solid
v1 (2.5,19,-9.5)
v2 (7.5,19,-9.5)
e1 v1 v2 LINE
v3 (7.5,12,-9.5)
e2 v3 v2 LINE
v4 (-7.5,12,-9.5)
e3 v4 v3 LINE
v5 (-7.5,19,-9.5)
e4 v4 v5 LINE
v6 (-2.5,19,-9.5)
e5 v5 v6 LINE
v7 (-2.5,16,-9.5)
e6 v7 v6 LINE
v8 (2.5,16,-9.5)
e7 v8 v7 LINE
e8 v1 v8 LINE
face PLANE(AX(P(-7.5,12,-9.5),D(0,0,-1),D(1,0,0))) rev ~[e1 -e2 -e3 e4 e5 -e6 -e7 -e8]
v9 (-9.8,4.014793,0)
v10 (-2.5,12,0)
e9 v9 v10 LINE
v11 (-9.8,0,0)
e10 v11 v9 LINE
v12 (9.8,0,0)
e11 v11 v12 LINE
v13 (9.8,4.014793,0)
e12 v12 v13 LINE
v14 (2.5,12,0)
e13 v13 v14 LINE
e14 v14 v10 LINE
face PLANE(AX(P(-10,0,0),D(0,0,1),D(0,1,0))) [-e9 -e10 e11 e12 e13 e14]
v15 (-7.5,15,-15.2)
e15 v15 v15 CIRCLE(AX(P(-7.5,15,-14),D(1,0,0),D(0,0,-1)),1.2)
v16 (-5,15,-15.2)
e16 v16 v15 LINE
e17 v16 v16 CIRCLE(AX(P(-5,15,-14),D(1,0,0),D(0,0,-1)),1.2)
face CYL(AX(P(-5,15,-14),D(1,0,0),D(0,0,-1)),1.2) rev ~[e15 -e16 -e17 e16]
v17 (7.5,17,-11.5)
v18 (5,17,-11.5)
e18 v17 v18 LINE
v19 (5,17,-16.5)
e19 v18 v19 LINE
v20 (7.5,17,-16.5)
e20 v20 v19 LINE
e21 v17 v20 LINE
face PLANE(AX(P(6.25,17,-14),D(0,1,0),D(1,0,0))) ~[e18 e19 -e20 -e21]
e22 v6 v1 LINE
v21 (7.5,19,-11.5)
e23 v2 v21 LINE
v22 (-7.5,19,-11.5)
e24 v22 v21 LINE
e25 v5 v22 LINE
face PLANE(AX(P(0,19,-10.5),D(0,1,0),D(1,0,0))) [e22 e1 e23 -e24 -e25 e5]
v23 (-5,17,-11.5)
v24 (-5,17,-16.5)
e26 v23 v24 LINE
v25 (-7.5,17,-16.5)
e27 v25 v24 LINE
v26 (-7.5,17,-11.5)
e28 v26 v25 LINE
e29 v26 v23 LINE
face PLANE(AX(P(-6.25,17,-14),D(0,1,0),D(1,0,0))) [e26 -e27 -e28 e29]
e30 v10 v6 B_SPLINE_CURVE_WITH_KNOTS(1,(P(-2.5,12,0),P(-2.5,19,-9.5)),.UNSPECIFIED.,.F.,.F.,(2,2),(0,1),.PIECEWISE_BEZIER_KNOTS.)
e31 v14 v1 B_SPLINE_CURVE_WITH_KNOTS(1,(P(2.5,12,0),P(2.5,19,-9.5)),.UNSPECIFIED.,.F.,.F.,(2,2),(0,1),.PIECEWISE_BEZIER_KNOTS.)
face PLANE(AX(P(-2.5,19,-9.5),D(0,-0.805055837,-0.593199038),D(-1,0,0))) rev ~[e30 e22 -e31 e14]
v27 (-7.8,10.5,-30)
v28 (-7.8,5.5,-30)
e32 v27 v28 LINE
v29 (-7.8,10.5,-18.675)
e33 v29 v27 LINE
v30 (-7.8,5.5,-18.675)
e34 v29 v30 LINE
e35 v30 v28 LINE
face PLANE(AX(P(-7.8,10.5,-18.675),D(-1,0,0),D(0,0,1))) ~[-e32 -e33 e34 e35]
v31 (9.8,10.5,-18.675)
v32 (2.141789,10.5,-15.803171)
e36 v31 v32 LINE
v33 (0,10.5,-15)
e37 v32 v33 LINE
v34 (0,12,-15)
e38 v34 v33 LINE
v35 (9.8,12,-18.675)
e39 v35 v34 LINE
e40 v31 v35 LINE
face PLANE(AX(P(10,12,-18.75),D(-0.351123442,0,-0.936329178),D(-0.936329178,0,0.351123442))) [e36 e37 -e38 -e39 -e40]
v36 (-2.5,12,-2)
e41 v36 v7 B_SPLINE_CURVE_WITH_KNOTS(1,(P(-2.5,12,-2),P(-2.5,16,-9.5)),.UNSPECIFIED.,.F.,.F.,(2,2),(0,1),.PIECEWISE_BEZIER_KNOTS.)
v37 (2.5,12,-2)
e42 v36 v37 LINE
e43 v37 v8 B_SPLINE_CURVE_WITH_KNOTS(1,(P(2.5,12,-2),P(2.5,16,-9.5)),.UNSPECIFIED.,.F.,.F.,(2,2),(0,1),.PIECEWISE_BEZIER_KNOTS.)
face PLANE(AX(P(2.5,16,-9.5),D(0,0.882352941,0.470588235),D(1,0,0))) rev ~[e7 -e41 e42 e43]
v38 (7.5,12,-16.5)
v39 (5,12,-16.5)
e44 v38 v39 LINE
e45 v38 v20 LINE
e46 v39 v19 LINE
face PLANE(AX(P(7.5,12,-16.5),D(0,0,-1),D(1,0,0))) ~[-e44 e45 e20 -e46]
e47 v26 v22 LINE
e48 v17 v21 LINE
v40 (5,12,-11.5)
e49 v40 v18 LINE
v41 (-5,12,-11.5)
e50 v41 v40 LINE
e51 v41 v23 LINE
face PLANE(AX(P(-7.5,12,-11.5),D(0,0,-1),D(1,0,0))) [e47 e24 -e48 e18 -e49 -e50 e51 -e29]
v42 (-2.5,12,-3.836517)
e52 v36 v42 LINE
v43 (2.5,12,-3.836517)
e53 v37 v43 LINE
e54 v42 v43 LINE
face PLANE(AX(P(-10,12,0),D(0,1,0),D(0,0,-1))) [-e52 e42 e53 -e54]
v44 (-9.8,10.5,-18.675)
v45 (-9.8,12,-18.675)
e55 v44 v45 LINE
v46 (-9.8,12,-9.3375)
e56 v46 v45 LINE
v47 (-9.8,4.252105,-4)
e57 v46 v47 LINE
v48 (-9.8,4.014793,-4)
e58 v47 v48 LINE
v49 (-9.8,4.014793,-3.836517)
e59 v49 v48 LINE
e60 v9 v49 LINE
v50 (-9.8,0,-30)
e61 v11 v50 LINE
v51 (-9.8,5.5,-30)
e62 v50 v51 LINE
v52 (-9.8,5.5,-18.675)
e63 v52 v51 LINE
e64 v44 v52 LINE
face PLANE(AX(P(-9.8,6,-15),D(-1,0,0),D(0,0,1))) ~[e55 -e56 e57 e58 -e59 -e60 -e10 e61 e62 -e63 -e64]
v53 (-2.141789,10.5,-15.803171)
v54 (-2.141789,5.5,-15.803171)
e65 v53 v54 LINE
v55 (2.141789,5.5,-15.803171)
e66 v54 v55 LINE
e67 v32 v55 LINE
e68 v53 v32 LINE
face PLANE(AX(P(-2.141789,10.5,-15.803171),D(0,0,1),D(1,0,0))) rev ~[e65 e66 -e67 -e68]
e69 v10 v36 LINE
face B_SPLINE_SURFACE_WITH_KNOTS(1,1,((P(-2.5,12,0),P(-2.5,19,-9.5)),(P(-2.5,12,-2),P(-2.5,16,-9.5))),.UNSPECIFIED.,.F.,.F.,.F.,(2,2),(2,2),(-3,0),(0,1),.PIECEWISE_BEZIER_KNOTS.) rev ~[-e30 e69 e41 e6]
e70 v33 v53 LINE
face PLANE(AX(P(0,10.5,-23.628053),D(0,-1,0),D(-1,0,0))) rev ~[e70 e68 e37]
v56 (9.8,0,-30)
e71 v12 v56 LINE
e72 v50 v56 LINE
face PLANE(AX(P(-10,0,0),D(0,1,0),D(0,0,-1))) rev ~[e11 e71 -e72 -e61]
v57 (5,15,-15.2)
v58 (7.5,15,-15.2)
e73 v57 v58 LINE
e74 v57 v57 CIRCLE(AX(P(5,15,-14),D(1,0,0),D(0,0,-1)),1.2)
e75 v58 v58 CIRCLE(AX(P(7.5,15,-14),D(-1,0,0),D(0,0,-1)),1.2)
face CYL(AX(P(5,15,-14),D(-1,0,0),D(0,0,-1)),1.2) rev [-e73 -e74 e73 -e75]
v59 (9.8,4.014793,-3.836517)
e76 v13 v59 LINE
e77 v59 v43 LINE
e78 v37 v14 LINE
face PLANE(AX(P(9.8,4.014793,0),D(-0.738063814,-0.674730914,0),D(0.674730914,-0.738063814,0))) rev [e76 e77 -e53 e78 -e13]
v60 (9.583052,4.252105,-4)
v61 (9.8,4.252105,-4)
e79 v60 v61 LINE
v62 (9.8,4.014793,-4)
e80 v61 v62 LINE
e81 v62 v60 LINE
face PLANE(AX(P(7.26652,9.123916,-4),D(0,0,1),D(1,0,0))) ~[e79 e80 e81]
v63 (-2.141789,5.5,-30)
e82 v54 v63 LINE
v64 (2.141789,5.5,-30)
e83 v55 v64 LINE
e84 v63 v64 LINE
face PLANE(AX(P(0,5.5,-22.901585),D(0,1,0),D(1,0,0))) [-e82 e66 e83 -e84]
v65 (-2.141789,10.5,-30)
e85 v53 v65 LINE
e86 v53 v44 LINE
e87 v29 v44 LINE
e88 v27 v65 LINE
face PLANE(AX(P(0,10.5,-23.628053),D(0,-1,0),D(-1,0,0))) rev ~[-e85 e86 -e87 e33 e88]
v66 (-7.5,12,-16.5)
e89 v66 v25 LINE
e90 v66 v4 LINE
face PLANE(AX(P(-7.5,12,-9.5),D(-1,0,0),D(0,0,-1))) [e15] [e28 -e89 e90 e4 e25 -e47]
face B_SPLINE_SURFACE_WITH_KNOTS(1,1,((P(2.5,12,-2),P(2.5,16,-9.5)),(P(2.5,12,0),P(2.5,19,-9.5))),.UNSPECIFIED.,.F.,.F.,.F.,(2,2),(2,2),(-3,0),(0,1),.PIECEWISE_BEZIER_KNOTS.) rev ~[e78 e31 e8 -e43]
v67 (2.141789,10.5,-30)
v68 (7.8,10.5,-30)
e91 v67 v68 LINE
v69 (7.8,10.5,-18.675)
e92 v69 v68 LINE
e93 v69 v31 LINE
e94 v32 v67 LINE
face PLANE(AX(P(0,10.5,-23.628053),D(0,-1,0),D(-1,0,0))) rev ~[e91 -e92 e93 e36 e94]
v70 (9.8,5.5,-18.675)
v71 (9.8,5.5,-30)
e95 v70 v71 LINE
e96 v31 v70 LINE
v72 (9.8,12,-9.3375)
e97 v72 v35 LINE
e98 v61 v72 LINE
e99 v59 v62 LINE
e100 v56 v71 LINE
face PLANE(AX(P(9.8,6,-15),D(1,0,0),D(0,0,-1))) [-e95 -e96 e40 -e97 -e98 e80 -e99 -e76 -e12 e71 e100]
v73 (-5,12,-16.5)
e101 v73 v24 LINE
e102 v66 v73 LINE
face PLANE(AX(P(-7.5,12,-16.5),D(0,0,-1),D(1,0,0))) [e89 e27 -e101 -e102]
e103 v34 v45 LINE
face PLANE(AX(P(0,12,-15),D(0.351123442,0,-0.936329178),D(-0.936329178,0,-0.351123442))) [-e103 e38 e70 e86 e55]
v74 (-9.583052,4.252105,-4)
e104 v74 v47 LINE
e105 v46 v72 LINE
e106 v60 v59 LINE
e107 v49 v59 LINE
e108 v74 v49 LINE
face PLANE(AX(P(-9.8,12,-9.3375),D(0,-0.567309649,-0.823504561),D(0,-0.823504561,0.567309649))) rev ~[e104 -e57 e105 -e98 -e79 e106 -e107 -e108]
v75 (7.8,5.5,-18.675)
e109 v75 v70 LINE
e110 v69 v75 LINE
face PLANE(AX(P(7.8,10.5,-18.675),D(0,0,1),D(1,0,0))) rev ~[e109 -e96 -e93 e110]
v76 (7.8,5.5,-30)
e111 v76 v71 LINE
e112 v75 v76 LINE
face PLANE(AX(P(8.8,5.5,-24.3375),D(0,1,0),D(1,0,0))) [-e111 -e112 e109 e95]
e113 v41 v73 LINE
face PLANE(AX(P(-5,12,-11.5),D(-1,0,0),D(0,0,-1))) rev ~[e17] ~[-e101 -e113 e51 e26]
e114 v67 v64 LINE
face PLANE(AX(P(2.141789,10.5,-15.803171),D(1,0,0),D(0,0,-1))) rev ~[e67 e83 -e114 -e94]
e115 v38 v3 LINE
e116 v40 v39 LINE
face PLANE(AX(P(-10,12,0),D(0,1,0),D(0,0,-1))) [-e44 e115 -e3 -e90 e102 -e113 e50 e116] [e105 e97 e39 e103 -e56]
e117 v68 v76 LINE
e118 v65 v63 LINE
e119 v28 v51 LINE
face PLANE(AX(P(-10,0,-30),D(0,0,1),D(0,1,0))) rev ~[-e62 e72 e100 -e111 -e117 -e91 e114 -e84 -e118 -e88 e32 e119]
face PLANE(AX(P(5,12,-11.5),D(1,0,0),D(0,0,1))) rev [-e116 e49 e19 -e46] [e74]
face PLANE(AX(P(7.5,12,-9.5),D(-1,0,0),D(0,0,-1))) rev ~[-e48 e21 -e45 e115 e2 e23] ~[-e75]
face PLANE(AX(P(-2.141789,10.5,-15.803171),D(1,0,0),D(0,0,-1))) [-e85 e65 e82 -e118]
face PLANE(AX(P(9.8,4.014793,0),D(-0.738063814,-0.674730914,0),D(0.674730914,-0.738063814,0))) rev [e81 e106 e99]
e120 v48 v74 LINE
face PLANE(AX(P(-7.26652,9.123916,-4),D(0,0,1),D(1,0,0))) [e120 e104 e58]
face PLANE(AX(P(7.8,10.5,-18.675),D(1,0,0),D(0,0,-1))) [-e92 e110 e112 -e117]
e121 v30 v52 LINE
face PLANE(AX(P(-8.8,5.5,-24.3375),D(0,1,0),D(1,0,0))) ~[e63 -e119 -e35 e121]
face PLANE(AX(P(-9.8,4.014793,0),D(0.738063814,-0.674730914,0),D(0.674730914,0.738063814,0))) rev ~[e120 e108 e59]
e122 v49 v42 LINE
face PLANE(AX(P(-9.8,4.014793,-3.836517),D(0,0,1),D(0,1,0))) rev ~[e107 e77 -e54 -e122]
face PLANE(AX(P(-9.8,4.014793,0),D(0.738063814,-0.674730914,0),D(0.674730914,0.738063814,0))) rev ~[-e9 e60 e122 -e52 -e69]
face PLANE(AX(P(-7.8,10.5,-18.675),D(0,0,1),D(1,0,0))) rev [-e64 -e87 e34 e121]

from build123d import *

# Parameters (mm, degrees)
BOSS_EXTRUDE2_DEPTH      = 10
BOSS_EXTRUDE2_DEPTH_BACK = 10
SKETCH2_W                = 30
SKETCH2_H                = 12
SKETCH11_W               = 2.5
SKETCH11_H               = 5
BOSS_EXTRUDE5_DEPTH      = 5
SKETCH12_R               = 1.2
CUT_EXTRUDE3_DEPTH       = 5
SKETCH13_W               = 15
SKETCH13_H               = 2
BOSS_EXTRUDE6_DEPTH      = 7
SKETCH16_W               = 30
SKETCH16_H               = 12
CUT_EXTRUDE4_DEPTH       = 0.2
CUT_EXTRUDE5_DEPTH       = 1.5
CUT_EXTRUDE6_DEPTH       = 31
SKETCH23_W               = 4.283577098
SKETCH23_H               = 14.196829294
CUT_EXTRUDE7_DEPTH       = 5
SKETCH24_W               = 2
SKETCH24_H               = 11.325
CUT_EXTRUDE8_DEPTH       = 5
CUT_EXTRUDE9_DEPTH       = 4


with BuildPart() as part:
    # Sketch2 → Boss-Extrude2 (new, two sides: drawn at the far end of the back side and taken through both)
    with BuildSketch(Plane(origin=(0, 0, 0), x_dir=(0, 0, -1), z_dir=(1, 0, 0)).offset(-BOSS_EXTRUDE2_DEPTH_BACK)):
        with Locations((15, 6)):
            Rectangle(SKETCH2_W, SKETCH2_H)
    extrude(amount=BOSS_EXTRUDE2_DEPTH + BOSS_EXTRUDE2_DEPTH_BACK)

    # Sketch11 → Boss-Extrude5 (add)
    with BuildSketch(Plane(origin=(0, 12, 0), x_dir=(1, 0, 0), z_dir=(0, 1, 0))):
        with Locations((-6.25, 14)):
            Rectangle(SKETCH11_W, SKETCH11_H)
    boss_extrude5 = extrude(amount=BOSS_EXTRUDE5_DEPTH)

    # Sketch12 → Cut-Extrude3 (cut)
    with BuildSketch(Plane(origin=(-5, 0, 0), x_dir=(0, 0, -1), z_dir=(1, 0, 0))):
        with Locations((14, 15)):
            Circle(SKETCH12_R)
    cut_extrude3 = extrude(amount=-CUT_EXTRUDE3_DEPTH, mode=Mode.SUBTRACT)

    # Mirror2: Boss-Extrude5, Cut-Extrude3 across plane
    add(boss_extrude5.mirror(Plane.ZY))
    add(cut_extrude3.mirror(Plane.ZY), mode=Mode.SUBTRACT)

    # Sketch13 → Boss-Extrude6 (add)
    with BuildSketch(Plane(origin=(0, 12, 0), x_dir=(1, 0, 0), z_dir=(0, 1, 0))):
        with Locations((0, 10.5)):
            Rectangle(SKETCH13_W, SKETCH13_H)
    extrude(amount=BOSS_EXTRUDE6_DEPTH)

    # Sketch16 → Cut-Extrude4 (cut)
    with BuildSketch(Plane(origin=(10, 0, 0), x_dir=(0, 0, -1), z_dir=(1, 0, 0))):
        with Locations((15, 6)):
            Rectangle(SKETCH16_W, SKETCH16_H)
    cut_extrude4 = extrude(amount=-CUT_EXTRUDE4_DEPTH, mode=Mode.SUBTRACT)

    # Mirror3: Cut-Extrude4 across plane
    add(cut_extrude4.mirror(Plane.ZY), mode=Mode.SUBTRACT)

    # Sketch5 → Cut-Extrude5 (cut)
    with BuildSketch(Plane(origin=(0, 12, 0), x_dir=(1, 0, 0), z_dir=(0, 1, 0))):
        Polygon((-10, 18.75), (-10, 30), (10, 30), (10, 18.75), (0, 15), align=None)
    extrude(amount=-CUT_EXTRUDE5_DEPTH, mode=Mode.SUBTRACT)

    # Sketch20 → Loft1 section 0
    with BuildSketch(Plane(origin=(0, 12, 0), x_dir=(1, 0, 0), z_dir=(0, 1, 0))):
        with BuildLine():
            Line((-2.5, 2), (2.5, 2))
            Line((2.5, 2), (2.5, 0))
            Line((2.5, 0), (-2.5, 0))
            Line((-2.5, 0), (-2.5, 2))
        make_face()
    # Sketch19 → Loft1 section 1
    with BuildSketch(Plane.XY.offset(-9.5)):
        with BuildLine():
            Line((2.5, 16), (-2.5, 16))
            Line((-2.5, 16), (-2.5, 19))
            Line((-2.5, 19), (2.5, 19))
            Line((2.5, 19), (2.5, 16))
        make_face()
    loft()

    # Sketch22 → Cut-Extrude6 (cut)
    with BuildSketch(Plane.ZY.offset(9.8)):
        Polygon((-9.3375, 12), (-3.836516703, 4.014793252), (-3.836516703, 12), align=None)
    extrude(amount=-CUT_EXTRUDE6_DEPTH, mode=Mode.SUBTRACT)

    # Sketch23 → Cut-Extrude7 (cut)
    with BuildSketch(Plane(origin=(0, 10.5, 0), x_dir=(1, 0, 0), z_dir=(0, 1, 0))):
        with Locations((0, 22.901585353)):
            Rectangle(SKETCH23_W, SKETCH23_H)
    extrude(amount=-CUT_EXTRUDE7_DEPTH, mode=Mode.SUBTRACT)

    # Sketch24 → Cut-Extrude8 (cut)
    with BuildSketch(Plane(origin=(0, 10.5, 0), x_dir=(1, 0, 0), z_dir=(0, 1, 0))):
        with Locations((8.8, 24.3375)):
            Rectangle(SKETCH24_W, SKETCH24_H)
    cut_extrude8 = extrude(amount=-CUT_EXTRUDE8_DEPTH, mode=Mode.SUBTRACT)

    # Mirror4: Cut-Extrude8 across plane
    add(cut_extrude8.mirror(Plane.ZY), mode=Mode.SUBTRACT)

    # Sketch25 → Cut-Extrude9 (cut)
    with BuildSketch(Plane.XY):
        Polygon((-9.8, 12), (-9.8, 4.014793252), (-2.5, 12), align=None)
    cut_extrude9 = extrude(amount=-CUT_EXTRUDE9_DEPTH, mode=Mode.SUBTRACT)

    # Mirror5: Cut-Extrude9 across plane
    add(cut_extrude9.mirror(Plane.ZY), mode=Mode.SUBTRACT)


solid = part.part
